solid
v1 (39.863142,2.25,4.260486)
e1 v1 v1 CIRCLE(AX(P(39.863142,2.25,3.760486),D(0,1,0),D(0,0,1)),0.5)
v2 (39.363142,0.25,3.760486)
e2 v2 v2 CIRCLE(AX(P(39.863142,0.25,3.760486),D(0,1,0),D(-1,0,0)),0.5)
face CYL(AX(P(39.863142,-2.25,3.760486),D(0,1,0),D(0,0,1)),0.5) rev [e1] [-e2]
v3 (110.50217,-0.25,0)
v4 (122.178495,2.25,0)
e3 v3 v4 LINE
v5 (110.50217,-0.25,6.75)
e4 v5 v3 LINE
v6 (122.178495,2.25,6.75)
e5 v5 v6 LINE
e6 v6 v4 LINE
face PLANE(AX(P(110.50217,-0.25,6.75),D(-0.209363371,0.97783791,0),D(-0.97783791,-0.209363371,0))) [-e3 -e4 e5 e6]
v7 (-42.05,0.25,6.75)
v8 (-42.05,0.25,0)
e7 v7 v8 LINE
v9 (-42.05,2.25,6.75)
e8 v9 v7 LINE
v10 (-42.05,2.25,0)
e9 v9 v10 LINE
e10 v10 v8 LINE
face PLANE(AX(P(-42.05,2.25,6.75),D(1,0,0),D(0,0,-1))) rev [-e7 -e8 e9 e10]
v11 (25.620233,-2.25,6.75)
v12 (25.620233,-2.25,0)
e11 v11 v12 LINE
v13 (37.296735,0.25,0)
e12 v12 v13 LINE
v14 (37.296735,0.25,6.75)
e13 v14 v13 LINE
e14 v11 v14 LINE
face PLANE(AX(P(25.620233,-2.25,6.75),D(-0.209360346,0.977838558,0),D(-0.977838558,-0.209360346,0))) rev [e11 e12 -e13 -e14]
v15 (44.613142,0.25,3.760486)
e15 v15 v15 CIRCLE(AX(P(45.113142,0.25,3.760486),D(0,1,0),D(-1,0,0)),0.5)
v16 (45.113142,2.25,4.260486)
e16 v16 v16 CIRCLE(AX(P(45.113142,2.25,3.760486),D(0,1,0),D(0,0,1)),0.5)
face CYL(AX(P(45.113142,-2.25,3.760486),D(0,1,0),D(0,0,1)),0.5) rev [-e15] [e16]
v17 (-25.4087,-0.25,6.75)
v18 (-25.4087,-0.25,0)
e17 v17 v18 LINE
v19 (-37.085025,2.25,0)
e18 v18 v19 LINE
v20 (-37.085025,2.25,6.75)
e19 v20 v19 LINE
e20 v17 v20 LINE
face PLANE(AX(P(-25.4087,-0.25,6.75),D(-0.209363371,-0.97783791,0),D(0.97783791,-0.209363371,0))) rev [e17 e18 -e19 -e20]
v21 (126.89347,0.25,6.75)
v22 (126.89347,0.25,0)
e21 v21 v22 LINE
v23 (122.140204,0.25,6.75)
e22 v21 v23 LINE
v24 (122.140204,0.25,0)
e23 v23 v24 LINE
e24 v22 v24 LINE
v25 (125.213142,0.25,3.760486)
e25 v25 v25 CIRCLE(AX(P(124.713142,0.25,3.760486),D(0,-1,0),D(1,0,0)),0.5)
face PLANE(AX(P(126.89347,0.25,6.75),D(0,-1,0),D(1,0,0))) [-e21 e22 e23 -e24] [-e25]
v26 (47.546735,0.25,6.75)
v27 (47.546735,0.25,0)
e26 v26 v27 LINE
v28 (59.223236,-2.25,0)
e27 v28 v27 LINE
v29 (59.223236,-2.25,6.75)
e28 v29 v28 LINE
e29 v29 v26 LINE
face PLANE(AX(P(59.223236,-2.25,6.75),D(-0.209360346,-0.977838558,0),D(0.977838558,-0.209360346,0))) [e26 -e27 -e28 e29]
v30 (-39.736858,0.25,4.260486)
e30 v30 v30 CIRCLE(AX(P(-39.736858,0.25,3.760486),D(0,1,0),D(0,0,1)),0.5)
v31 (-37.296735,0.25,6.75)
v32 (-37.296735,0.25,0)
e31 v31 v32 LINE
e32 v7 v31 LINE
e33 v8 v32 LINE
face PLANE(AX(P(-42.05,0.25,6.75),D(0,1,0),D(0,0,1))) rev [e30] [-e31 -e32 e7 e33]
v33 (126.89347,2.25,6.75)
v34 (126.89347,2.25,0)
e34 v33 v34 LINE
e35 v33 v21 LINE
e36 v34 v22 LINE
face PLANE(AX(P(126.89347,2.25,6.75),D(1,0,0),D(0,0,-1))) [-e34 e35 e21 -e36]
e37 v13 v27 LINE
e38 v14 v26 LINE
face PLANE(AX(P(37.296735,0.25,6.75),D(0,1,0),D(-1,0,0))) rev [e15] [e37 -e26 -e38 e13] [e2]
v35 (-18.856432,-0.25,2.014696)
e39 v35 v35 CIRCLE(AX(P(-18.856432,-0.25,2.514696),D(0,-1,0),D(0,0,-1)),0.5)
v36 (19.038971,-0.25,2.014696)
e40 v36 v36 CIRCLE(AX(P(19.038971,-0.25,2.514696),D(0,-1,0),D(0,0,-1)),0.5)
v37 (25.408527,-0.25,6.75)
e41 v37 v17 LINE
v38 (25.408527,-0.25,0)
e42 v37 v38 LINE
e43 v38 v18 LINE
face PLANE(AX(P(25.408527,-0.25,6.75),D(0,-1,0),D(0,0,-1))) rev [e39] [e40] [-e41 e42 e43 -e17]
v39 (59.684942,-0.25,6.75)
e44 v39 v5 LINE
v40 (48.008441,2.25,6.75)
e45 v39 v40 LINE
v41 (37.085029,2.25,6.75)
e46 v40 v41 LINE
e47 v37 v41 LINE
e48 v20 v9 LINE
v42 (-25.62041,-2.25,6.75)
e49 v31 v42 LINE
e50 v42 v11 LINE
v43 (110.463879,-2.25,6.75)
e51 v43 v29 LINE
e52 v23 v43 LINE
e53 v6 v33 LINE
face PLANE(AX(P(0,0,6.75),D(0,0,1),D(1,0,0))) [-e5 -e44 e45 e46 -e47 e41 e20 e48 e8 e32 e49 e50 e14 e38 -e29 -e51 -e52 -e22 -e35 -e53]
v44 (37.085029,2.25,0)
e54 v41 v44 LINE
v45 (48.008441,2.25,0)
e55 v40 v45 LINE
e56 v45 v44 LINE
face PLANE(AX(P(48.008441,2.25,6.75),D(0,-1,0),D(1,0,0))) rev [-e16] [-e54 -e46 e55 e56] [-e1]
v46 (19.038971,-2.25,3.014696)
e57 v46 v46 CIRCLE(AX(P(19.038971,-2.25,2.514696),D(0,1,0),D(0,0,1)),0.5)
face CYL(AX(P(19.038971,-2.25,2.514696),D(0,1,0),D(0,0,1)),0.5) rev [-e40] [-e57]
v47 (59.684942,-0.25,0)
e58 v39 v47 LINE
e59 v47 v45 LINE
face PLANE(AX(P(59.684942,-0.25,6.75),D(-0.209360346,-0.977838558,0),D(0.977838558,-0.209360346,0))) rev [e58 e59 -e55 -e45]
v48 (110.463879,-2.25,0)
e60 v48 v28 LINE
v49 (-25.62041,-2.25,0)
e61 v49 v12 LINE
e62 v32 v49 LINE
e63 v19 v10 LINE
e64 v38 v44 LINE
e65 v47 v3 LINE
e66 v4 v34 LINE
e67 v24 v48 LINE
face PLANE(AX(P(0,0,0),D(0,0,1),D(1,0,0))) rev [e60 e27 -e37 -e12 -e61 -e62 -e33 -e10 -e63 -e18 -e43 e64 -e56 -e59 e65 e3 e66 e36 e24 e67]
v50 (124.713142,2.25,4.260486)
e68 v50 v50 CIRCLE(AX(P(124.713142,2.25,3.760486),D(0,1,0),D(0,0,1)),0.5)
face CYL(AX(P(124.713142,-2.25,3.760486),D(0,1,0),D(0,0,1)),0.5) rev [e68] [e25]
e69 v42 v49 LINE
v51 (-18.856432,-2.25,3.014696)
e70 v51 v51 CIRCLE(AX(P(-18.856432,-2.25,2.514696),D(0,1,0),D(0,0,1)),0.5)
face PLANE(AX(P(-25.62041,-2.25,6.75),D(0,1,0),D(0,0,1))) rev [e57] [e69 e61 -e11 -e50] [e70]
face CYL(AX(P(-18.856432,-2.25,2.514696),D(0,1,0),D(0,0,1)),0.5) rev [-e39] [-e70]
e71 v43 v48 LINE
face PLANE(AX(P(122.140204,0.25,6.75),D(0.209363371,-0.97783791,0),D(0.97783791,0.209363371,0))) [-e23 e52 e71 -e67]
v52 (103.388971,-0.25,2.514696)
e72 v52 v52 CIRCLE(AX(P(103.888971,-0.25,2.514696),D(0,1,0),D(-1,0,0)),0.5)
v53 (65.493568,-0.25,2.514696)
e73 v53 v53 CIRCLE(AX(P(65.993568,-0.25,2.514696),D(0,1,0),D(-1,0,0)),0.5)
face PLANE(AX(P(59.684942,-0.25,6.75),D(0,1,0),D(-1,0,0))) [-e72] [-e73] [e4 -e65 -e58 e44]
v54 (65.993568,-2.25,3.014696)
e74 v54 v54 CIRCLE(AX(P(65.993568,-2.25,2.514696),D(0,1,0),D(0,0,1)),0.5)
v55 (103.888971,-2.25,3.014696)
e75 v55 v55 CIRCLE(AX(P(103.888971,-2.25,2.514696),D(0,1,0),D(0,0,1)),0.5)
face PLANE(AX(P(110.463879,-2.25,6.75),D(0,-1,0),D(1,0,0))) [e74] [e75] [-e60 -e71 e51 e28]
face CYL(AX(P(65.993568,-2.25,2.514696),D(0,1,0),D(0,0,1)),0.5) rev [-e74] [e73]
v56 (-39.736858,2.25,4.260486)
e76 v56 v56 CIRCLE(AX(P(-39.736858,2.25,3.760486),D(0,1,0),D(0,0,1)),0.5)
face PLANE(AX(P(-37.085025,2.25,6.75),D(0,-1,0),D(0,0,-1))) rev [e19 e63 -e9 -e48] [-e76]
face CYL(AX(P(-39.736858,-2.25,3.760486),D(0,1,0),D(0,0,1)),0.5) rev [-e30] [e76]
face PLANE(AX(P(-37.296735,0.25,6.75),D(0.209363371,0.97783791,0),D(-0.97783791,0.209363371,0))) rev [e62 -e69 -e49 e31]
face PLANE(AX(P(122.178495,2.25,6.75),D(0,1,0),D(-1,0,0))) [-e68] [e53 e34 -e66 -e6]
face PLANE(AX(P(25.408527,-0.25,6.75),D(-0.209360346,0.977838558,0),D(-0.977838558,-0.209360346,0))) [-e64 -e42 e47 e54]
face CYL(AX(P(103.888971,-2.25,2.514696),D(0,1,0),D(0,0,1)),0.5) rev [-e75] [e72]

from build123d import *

# Parameters (mm, degrees)
BOSS_EXTRUDE1_DEPTH     = 6.75
SKETCH2_R               = 0.5
CUT_EXTRUDE1_DEPTH      = 3.5
CUT_EXTRUDE1_DEPTH_BACK = 3


with BuildPart() as part:
    # Sketch1 → Boss-Extrude1 (new body)
    with BuildSketch(Plane.XY):
        Polygon((37.296734757, 0.25), (47.546734757, 0.25), (59.223236254, -2.25), (110.463879182, -2.25), (122.14020427, 0.25), (126.893469513, 0.25), (126.893469513, 2.25), (122.178494939, 2.25), (110.502169851, -0.25), (59.684942458, -0.25), (48.00844096, 2.25), (37.085028553, 2.25), (25.408527056, -0.25), (-25.408700338, -0.25), (-37.085025426, 2.25), (-42.05, 2.25), (-42.05, 0.25), (-37.296734757, 0.25), (-25.620409669, -2.25), (25.620233259, -2.25), align=None)
    extrude(amount=BOSS_EXTRUDE1_DEPTH)

    # Sketch2 → Cut-Extrude1 (cut, two sides)
    with BuildSketch(Plane(origin=(0, -0.25, 0), x_dir=(1, 0, 0), z_dir=(0, 1, 0))) as cut_extrude1_sk:
        with Locations((45.113142199, -3.760486085)):
            Circle(SKETCH2_R)
        with Locations((65.993568392, -2.514696302)):
            Circle(SKETCH2_R)
        with Locations((103.888971043, -2.514696302)):
            Circle(SKETCH2_R)
        with Locations((124.713142199, -3.760486085)):
            Circle(SKETCH2_R)
        with Locations((39.863142199, -3.760486085)):
            Circle(SKETCH2_R)
        with Locations((-39.736857801, -3.760486085)):
            Circle(SKETCH2_R)
        with Locations((19.038971043, -2.514696302)):
            Circle(SKETCH2_R)
        with Locations((-18.856431608, -2.514696302)):
            Circle(SKETCH2_R)
    extrude(amount=CUT_EXTRUDE1_DEPTH, mode=Mode.SUBTRACT)
    extrude(cut_extrude1_sk.sketch, amount=-CUT_EXTRUDE1_DEPTH_BACK, mode=Mode.SUBTRACT)


solid = part.part
